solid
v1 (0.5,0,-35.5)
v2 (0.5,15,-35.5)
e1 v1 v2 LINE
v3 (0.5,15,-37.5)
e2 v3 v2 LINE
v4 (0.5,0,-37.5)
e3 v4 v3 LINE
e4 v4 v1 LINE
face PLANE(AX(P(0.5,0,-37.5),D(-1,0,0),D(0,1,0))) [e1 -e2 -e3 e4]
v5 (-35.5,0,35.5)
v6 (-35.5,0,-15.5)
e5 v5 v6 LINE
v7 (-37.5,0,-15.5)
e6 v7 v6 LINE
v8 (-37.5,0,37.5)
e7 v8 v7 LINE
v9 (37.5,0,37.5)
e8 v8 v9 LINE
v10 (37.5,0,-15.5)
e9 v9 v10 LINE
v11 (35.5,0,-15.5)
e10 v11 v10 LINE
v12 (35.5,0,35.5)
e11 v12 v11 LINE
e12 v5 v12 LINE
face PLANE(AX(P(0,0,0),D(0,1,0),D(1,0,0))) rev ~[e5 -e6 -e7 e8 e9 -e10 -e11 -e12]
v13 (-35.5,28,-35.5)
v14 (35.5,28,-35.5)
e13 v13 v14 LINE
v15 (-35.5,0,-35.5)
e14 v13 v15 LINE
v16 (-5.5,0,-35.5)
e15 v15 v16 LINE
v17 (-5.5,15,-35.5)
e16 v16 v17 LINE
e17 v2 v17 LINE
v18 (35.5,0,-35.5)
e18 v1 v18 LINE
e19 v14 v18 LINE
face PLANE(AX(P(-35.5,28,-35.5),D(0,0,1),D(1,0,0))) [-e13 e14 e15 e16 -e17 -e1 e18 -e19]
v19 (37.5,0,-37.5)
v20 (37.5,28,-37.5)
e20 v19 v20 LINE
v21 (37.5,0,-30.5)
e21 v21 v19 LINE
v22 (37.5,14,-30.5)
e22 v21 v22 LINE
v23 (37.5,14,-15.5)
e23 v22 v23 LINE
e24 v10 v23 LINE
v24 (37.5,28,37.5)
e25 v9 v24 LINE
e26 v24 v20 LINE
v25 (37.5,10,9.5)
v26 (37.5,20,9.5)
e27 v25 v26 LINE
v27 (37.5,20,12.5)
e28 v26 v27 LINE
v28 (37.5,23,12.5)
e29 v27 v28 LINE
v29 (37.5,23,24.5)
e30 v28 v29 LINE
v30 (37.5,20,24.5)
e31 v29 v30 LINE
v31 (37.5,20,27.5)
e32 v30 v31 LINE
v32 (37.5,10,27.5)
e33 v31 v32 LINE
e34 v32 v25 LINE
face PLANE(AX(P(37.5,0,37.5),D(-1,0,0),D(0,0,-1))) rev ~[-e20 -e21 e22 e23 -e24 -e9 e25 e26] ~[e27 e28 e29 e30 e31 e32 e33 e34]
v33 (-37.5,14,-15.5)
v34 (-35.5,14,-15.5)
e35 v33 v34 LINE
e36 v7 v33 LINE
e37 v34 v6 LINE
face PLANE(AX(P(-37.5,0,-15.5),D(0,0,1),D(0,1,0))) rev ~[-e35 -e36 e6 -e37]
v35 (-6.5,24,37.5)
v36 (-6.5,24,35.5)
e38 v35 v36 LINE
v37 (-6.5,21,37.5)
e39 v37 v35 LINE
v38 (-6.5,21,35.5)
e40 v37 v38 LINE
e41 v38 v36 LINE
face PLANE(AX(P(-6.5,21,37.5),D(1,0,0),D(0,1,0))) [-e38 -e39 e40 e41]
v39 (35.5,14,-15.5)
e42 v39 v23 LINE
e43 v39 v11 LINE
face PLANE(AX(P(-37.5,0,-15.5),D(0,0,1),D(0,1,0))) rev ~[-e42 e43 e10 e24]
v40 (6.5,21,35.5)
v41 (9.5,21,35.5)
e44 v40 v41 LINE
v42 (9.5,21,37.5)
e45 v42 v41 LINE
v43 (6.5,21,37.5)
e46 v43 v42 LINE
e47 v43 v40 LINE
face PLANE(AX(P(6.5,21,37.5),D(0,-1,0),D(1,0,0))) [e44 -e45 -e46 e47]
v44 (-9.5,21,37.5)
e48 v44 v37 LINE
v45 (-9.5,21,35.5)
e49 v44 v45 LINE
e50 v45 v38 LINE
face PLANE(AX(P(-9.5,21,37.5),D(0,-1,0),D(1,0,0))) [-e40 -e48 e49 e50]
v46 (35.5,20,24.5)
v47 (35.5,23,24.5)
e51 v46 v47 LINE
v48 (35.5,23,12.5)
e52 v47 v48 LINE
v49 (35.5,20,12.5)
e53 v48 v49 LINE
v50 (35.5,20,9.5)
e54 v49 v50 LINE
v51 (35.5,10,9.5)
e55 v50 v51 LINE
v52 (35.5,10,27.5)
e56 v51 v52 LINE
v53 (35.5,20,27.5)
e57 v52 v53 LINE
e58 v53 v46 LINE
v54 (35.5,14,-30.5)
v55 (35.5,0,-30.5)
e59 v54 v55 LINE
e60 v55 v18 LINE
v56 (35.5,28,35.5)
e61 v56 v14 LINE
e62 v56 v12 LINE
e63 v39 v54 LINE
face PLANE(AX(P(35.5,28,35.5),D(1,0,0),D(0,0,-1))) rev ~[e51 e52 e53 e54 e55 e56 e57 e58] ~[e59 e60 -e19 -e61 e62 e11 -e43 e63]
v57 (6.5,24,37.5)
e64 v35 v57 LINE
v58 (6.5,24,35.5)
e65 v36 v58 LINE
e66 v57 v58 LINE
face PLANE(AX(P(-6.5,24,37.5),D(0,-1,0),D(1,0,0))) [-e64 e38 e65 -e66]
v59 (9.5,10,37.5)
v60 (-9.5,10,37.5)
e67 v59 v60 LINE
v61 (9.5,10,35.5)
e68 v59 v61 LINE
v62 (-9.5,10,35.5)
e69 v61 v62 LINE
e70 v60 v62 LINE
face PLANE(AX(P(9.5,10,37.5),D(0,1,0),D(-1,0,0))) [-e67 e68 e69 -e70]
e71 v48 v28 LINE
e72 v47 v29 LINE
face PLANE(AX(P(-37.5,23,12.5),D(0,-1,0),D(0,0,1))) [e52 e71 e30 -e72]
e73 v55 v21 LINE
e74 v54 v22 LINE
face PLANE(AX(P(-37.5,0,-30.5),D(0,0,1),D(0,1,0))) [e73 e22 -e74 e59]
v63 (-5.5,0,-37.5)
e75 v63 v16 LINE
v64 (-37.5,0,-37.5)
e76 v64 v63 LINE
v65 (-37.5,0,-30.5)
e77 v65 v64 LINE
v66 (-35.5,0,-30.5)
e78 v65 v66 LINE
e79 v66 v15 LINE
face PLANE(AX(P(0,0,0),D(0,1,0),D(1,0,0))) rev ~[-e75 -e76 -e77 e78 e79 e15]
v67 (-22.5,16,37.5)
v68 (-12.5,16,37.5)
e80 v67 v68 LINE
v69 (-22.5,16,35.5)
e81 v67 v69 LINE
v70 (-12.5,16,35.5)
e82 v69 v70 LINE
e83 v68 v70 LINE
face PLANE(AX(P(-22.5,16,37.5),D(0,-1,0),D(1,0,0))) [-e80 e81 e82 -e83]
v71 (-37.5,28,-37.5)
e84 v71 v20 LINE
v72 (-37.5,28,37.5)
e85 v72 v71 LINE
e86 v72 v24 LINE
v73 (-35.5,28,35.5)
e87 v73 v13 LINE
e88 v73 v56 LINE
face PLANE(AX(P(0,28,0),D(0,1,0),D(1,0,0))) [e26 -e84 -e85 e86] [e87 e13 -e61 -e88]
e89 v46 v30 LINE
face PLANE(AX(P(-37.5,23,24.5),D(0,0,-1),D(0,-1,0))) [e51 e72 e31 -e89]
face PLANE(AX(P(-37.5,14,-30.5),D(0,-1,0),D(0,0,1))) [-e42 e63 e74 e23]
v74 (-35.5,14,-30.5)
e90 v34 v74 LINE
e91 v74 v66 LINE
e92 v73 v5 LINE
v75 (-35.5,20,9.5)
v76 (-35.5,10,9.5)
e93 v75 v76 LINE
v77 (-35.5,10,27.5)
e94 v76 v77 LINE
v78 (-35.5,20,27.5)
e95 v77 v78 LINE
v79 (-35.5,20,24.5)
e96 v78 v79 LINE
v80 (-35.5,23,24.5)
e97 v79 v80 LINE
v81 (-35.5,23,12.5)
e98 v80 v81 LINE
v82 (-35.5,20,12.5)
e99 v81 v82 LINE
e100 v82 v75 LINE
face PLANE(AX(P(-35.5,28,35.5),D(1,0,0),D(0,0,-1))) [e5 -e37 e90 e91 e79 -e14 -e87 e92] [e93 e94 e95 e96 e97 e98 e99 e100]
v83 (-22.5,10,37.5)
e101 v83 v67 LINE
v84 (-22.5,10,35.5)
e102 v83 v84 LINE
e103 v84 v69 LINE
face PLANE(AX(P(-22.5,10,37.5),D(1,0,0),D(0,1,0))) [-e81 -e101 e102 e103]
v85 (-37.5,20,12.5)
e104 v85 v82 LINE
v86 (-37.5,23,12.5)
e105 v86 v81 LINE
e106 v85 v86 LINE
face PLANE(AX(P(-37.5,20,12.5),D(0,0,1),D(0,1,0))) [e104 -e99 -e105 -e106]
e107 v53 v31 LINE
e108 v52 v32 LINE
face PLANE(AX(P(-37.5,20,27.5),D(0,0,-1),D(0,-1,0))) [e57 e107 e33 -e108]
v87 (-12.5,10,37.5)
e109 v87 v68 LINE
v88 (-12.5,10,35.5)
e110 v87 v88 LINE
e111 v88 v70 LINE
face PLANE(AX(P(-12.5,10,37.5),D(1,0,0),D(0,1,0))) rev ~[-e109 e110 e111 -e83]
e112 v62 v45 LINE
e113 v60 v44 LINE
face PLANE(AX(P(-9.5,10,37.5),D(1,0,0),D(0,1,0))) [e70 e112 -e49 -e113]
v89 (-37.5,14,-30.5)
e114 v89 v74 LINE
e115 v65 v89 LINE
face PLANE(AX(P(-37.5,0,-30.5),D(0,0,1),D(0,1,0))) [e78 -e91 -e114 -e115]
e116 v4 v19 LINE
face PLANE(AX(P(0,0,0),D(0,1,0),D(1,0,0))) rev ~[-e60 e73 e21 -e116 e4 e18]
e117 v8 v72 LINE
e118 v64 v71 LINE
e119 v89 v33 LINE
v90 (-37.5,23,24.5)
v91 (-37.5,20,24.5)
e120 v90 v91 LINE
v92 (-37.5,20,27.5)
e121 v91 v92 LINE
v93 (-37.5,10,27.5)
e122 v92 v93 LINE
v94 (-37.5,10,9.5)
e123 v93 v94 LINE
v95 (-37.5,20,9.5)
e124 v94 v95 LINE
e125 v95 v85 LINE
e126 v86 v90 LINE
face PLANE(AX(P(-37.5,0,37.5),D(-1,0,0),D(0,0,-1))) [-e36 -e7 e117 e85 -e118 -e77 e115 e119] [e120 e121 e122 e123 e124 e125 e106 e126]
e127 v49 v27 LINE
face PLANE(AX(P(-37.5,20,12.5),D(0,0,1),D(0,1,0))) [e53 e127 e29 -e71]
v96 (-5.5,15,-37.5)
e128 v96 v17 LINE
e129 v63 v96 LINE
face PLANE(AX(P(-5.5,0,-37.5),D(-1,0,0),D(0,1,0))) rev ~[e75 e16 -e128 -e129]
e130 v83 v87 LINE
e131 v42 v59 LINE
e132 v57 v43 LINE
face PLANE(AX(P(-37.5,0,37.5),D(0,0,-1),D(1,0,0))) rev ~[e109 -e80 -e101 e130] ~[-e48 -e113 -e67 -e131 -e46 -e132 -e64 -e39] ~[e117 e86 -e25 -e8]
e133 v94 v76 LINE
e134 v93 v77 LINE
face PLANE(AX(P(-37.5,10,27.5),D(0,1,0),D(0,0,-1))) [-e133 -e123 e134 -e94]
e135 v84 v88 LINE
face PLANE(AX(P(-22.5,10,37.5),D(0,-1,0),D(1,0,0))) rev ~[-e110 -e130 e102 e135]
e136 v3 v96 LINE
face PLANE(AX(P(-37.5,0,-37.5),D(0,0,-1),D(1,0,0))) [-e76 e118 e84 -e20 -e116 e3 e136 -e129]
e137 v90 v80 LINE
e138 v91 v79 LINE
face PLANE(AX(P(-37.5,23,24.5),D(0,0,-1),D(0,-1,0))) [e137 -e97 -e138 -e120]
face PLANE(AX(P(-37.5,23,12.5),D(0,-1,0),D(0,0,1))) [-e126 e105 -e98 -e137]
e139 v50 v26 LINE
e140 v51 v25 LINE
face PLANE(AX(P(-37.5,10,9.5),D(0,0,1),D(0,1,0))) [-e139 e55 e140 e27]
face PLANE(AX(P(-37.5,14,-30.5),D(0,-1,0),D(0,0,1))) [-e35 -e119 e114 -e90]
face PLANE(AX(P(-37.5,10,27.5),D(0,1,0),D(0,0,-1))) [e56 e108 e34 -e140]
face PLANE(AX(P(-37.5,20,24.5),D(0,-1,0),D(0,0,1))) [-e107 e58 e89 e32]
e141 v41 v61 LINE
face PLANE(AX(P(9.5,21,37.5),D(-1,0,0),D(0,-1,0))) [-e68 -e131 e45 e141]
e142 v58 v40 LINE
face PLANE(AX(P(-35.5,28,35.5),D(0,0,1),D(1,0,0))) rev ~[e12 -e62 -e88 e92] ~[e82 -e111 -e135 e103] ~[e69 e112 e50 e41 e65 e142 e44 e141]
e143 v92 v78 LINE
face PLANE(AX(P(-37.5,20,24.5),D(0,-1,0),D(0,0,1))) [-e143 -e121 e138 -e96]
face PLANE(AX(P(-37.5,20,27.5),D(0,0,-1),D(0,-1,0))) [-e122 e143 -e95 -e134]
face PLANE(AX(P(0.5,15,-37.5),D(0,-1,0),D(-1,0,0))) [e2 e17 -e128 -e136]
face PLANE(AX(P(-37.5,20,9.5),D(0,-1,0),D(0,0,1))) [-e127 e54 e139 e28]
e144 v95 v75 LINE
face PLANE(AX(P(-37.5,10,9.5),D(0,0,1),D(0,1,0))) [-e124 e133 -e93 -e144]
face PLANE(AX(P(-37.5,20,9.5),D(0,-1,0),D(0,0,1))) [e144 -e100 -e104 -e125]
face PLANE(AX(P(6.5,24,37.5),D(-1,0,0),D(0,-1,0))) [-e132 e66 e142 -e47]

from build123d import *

# Parameters (mm, degrees)
SKETCH1_W           = 75
SKETCH1_H           = 75
BOSS_EXTRUDE1_DEPTH = 28
SKETCH2_W           = 71
SKETCH2_H           = 71
CUT_EXTRUDE1_DEPTH  = 29
SKETCH3_W           = 10
SKETCH3_H           = 6
CUT_EXTRUDE2_DEPTH  = 2
SKETCH4_W           = 15
SKETCH4_H           = 14
CUT_EXTRUDE3_DEPTH  = 76
SKETCH5_W           = 6
SKETCH5_H           = 15
CUT_EXTRUDE4_DEPTH  = 2


with BuildPart() as part:
    # Sketch1 → Boss-Extrude1 (new body)
    with BuildSketch(Plane(origin=(0, 0, 0), x_dir=(1, 0, 0), z_dir=(0, 1, 0))):
        Rectangle(SKETCH1_W, SKETCH1_H)
    extrude(amount=BOSS_EXTRUDE1_DEPTH)

    # Sketch2 → Cut-Extrude1 (cut, through all)
    with BuildSketch(Plane(origin=(0, 28, 0), x_dir=(1, 0, 0), z_dir=(0, 1, 0))):
        Rectangle(SKETCH2_W, SKETCH2_H)
    extrude(amount=-CUT_EXTRUDE1_DEPTH, mode=Mode.SUBTRACT)

    # Sketch3 → Cut-Extrude2 (cut)
    with BuildSketch(Plane.XY.offset(37.5)):
        with Locations((-17.5, 13)):
            Rectangle(SKETCH3_W, SKETCH3_H)
        Polygon((-6.5, 24), (6.5, 24), (6.5, 21), (9.5, 21), (9.5, 10), (-9.5, 10), (-9.5, 21), (-6.5, 21), align=None)
    extrude(amount=-CUT_EXTRUDE2_DEPTH, mode=Mode.SUBTRACT)

    # Sketch4 → Cut-Extrude3 (cut, through all)
    with BuildSketch(Plane.ZY.offset(37.5)):
        Polygon((12.5, 23), (24.5, 23), (24.5, 20), (27.5, 20), (27.5, 10), (9.5, 10), (9.5, 20), (12.5, 20), align=None)
        with Locations((-23, 7)):
            Rectangle(SKETCH4_W, SKETCH4_H)
    extrude(amount=-CUT_EXTRUDE3_DEPTH, mode=Mode.SUBTRACT)

    # Sketch5 → Cut-Extrude4 (cut)
    with BuildSketch(Plane(origin=(0, 0, -37.5), x_dir=(-1, 0, 0), z_dir=(0, 0, -1))):
        with Locations((2.5, 7.5)):
            Rectangle(SKETCH5_W, SKETCH5_H)
    extrude(amount=-CUT_EXTRUDE4_DEPTH, mode=Mode.SUBTRACT)


solid = part.part
